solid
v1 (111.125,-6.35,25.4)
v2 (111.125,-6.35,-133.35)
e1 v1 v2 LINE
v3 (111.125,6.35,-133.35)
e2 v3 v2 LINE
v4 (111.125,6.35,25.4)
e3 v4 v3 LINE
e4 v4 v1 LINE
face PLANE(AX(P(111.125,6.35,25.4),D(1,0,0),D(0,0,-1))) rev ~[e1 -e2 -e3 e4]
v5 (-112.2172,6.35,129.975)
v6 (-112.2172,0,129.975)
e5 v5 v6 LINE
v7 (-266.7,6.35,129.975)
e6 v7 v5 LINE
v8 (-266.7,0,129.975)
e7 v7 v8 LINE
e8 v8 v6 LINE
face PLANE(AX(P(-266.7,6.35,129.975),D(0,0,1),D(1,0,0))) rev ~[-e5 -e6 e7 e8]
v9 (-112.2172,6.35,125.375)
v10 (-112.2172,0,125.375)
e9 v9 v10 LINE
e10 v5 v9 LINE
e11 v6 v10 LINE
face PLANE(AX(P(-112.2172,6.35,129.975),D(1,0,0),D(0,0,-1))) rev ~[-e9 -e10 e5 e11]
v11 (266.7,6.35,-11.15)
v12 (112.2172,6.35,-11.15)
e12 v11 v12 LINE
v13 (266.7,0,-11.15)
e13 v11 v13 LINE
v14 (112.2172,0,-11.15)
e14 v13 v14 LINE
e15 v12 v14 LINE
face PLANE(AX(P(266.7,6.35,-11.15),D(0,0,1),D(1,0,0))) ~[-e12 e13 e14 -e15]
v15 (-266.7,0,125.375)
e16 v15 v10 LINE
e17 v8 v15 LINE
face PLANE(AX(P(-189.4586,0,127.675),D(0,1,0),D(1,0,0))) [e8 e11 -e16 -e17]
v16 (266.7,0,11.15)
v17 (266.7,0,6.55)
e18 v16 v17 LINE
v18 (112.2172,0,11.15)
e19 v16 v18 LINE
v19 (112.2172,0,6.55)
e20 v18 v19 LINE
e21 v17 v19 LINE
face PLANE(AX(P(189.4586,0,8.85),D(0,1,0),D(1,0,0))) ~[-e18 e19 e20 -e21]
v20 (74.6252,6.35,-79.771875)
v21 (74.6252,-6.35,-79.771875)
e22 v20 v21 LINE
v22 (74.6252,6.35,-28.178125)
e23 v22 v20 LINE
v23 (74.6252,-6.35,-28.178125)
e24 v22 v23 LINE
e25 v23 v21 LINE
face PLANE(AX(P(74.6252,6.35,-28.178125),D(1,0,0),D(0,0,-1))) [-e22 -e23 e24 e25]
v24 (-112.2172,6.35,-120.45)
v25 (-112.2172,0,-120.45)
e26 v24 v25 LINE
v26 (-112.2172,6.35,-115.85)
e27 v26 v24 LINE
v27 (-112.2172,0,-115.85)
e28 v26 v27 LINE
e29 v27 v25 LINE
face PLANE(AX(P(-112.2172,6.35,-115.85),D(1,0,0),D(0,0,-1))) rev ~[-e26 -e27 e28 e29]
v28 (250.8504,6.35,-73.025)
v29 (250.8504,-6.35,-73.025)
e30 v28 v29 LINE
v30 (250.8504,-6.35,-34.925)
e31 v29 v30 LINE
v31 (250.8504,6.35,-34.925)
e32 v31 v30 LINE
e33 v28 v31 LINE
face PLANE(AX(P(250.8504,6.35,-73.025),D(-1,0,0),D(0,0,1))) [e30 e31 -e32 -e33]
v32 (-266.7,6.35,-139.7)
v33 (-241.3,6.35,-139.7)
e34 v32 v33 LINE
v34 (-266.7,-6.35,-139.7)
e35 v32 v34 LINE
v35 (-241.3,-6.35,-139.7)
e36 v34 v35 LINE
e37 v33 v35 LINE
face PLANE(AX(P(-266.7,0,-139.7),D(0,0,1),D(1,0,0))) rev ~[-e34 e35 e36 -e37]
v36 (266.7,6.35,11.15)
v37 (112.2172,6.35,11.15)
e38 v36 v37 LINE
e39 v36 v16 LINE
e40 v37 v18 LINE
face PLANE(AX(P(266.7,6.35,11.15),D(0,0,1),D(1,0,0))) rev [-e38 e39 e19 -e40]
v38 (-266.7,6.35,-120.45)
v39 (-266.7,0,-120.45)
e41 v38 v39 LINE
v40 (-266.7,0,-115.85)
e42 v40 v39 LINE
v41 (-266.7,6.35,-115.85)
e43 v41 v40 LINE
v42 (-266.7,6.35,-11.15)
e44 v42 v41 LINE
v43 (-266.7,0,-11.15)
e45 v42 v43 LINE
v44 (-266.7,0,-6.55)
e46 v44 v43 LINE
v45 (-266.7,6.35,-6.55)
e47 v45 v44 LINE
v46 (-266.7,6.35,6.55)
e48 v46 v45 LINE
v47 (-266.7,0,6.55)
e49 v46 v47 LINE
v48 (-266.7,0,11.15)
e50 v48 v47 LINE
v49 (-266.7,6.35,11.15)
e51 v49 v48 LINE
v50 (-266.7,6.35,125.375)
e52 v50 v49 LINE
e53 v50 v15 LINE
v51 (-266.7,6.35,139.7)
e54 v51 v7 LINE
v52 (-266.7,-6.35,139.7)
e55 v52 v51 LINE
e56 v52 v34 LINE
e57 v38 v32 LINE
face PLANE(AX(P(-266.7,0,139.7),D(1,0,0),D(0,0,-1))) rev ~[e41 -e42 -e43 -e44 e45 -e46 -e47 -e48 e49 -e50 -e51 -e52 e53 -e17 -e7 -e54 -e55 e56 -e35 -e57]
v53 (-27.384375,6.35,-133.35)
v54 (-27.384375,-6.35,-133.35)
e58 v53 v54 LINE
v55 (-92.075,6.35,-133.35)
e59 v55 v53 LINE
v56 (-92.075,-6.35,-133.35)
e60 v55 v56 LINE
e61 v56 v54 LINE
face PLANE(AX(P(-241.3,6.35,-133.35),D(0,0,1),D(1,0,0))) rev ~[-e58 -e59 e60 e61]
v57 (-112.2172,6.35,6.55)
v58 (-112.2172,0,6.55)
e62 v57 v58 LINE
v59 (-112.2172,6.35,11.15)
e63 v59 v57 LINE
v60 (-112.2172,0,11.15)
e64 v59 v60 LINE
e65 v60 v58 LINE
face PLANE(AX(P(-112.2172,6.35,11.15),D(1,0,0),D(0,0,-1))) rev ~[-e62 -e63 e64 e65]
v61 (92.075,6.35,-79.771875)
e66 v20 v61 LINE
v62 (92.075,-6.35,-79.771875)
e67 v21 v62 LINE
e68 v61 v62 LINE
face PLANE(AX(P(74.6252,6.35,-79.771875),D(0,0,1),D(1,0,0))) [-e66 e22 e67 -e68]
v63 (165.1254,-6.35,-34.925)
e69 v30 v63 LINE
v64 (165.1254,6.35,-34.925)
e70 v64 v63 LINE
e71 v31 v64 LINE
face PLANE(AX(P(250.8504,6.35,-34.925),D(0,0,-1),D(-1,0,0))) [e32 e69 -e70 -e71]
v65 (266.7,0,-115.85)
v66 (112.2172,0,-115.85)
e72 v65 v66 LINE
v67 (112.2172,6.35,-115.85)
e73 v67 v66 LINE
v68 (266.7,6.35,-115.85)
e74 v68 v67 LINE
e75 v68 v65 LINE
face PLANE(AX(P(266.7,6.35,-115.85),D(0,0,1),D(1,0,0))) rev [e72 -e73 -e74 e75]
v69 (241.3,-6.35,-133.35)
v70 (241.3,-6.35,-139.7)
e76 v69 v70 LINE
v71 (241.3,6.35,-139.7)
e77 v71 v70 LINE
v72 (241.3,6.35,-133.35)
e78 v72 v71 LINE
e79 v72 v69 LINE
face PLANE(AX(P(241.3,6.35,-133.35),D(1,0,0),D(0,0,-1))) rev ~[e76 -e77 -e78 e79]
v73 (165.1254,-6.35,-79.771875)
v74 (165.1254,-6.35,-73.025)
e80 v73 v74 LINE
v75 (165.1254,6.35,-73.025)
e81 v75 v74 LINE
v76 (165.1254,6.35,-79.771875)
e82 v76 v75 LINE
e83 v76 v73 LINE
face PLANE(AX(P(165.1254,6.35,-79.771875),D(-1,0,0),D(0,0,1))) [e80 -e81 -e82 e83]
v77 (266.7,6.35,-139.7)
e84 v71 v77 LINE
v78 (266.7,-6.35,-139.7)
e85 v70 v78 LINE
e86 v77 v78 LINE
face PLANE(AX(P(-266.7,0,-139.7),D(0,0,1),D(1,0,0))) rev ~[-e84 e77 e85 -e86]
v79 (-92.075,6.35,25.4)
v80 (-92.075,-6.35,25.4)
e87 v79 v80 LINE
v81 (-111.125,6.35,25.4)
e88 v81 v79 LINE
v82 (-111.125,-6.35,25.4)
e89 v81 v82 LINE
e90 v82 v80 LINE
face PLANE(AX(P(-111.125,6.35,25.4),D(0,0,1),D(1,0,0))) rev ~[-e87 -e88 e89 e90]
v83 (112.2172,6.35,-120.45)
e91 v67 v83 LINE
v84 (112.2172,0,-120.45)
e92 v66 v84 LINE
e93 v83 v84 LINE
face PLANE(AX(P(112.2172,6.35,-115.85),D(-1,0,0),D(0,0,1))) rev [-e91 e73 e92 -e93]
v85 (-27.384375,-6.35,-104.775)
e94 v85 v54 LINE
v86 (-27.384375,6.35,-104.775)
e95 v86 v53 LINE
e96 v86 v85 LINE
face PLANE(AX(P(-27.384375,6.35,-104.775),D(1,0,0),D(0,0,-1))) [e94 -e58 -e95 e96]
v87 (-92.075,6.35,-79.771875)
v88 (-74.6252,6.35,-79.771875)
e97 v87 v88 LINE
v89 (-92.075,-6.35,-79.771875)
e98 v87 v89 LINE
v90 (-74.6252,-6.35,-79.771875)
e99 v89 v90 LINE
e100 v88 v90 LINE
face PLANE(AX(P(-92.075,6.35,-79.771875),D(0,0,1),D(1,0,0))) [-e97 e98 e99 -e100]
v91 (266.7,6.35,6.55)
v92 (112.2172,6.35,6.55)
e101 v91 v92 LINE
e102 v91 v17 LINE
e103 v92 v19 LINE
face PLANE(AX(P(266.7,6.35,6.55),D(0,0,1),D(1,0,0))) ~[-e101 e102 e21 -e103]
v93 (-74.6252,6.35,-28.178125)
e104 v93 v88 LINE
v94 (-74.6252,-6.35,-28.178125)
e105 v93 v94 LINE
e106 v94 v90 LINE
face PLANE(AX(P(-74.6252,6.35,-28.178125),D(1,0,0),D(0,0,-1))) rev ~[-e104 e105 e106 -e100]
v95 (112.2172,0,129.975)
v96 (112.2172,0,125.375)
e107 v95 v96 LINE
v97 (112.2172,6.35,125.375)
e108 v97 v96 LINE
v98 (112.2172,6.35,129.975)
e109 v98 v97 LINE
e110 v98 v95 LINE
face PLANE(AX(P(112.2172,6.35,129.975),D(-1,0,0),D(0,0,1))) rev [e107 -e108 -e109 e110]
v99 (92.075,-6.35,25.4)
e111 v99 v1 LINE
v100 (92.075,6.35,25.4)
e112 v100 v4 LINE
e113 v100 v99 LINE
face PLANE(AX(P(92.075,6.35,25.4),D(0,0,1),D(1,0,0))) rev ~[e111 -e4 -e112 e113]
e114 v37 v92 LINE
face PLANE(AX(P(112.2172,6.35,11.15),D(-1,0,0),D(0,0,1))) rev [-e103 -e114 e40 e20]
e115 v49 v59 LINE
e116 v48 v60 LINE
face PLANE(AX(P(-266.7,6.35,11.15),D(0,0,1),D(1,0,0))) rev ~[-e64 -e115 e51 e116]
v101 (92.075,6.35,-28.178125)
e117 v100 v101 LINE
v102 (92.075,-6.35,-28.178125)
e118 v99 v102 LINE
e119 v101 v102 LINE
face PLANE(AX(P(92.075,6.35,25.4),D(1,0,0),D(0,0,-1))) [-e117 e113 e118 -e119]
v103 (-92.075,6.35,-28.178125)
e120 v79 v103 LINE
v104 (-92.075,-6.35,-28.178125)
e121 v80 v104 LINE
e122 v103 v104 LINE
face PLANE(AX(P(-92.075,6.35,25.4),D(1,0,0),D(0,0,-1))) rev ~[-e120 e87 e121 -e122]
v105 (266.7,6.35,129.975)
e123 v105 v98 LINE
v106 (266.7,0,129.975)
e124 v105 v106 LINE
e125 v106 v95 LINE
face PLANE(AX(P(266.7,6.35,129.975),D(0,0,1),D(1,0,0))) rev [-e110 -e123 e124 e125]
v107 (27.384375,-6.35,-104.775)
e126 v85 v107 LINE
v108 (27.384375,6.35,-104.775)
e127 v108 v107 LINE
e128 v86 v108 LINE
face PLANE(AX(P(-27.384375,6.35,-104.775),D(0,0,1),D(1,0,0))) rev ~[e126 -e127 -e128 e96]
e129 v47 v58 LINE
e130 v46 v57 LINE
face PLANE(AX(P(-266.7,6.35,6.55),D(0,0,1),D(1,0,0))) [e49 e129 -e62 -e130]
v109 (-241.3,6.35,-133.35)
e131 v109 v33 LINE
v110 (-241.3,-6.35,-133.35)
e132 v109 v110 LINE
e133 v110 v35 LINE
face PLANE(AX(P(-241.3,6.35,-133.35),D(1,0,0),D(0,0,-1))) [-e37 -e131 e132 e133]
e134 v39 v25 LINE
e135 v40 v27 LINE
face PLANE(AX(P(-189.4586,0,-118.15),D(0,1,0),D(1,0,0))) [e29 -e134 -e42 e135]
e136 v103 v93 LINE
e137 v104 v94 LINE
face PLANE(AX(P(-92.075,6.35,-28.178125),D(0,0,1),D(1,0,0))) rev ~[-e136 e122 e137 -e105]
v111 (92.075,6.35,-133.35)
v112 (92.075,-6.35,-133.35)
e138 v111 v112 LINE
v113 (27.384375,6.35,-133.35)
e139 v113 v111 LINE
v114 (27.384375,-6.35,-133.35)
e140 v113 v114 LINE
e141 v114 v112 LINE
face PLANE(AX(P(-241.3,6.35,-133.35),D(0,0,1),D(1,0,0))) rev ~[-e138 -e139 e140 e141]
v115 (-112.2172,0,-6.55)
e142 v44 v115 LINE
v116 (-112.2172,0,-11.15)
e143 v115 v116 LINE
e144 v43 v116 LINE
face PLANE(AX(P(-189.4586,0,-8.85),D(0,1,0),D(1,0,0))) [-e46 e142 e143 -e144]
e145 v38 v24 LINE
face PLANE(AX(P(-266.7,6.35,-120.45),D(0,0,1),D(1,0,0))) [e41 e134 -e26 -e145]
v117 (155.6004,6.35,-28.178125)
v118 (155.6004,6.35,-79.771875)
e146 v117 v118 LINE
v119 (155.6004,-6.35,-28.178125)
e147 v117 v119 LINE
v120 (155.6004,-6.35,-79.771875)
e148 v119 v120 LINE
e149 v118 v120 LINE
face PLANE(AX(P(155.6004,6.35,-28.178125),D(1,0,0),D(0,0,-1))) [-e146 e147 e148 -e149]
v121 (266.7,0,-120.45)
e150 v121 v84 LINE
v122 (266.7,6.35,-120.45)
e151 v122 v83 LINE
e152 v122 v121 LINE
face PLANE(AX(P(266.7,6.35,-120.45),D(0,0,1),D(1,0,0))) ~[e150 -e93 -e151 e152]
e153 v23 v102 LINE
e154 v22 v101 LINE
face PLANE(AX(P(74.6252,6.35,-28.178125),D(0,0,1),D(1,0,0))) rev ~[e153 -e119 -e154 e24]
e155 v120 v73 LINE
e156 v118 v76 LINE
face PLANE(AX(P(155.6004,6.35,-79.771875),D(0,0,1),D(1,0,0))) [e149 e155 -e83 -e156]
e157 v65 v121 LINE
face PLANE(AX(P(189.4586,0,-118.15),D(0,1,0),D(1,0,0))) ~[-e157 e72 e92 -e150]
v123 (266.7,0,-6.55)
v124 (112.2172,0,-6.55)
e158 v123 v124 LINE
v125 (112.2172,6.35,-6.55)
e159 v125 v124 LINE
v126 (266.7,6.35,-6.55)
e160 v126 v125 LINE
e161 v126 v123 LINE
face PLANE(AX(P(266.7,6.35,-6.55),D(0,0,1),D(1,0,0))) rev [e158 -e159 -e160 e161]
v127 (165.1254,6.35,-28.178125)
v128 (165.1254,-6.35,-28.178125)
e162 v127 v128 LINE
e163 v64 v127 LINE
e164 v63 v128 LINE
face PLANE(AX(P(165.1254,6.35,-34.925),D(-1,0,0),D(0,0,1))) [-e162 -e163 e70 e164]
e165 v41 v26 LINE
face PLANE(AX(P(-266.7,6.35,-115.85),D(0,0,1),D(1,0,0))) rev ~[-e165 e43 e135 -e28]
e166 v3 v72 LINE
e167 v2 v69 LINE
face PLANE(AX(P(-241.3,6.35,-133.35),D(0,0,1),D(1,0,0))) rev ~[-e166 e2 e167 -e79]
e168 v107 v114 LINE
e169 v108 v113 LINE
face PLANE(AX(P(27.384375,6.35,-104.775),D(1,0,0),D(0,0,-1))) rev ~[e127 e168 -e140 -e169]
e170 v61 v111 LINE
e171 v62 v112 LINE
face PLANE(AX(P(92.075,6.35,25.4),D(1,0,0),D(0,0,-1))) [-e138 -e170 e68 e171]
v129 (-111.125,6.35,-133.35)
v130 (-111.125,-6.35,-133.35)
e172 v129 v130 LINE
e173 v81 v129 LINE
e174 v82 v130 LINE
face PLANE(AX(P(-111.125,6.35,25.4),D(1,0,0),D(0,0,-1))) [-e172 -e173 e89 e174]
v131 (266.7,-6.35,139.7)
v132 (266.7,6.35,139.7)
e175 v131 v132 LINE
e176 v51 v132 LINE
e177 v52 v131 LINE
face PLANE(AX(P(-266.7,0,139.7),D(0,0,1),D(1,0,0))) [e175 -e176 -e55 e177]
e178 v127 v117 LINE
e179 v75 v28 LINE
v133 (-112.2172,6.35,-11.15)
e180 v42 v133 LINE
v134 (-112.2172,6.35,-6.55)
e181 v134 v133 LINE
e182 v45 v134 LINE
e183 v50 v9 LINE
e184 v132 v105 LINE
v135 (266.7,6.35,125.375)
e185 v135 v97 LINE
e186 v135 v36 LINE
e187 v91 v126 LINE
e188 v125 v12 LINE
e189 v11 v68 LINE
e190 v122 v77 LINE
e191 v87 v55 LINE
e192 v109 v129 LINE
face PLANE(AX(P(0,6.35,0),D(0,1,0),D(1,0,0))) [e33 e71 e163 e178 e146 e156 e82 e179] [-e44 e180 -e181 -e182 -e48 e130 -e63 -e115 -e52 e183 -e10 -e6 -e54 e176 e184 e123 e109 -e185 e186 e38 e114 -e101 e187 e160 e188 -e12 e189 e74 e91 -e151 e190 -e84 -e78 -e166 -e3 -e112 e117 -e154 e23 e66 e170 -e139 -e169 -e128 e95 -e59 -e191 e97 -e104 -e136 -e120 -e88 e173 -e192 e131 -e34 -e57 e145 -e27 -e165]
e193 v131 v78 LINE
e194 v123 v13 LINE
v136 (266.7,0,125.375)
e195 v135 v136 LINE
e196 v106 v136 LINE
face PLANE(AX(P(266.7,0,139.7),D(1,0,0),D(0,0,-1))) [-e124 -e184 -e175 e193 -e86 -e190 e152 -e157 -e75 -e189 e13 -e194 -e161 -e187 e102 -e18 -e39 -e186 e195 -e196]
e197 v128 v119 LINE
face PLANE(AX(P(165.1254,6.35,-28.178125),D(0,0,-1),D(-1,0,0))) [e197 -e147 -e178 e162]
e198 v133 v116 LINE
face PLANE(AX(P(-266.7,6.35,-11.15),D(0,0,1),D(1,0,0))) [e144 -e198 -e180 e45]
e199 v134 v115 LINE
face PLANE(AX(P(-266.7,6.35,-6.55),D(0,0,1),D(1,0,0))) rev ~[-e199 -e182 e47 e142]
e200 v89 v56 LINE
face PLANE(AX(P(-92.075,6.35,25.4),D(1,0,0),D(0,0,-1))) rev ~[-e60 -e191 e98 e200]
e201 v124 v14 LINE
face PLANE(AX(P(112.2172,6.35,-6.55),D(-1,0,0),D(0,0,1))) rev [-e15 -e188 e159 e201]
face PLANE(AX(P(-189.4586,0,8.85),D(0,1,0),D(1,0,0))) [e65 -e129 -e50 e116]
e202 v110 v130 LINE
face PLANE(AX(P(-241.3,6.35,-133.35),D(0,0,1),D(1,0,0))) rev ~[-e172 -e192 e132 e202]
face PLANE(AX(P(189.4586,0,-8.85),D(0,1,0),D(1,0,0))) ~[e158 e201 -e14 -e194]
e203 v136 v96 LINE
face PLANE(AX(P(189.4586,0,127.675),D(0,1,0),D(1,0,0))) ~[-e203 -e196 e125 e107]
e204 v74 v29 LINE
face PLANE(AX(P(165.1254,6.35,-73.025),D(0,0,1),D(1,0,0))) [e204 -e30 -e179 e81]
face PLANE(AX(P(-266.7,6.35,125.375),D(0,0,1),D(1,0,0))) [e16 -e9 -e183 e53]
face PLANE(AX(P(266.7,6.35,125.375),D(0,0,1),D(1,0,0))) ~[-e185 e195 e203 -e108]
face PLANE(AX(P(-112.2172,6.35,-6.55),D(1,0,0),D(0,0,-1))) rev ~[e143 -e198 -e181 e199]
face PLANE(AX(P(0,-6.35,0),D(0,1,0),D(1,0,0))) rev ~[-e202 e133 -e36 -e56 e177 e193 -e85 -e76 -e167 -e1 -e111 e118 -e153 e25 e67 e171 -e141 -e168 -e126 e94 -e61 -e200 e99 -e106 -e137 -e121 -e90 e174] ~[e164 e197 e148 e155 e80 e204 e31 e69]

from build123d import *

# Parameters (mm, degrees)
SKETCH1_W           = 533.4
SKETCH1_H           = 279.4
BOSS_EXTRUDE1_DEPTH = 6.35
SKETCH2_W           = 482.6
SKETCH2_H           = 6.35
CUT_EXTRUDE1_DEPTH  = 302.34078715
SKETCH3_W           = 19.05
SKETCH3_H           = 158.75
CUT_EXTRUDE2_DEPTH  = 302.34078715
SKETCH4_W           = 17.4498
SKETCH4_H           = 51.59375
CUT_EXTRUDE3_DEPTH  = 302.34078715
SKETCH5_W           = 54.76875
SKETCH5_H           = 28.575
CUT_EXTRUDE4_DEPTH  = 302.34078715
SKETCH6_W           = 154.4828
SKETCH6_H           = 4.6
CUT_EXTRUDE5_DEPTH  = 6.35


with BuildPart() as part:
    # Sketch1 → Boss-Extrude1 (new, symmetric)
    with BuildSketch(Plane(origin=(0, 0, 0), x_dir=(1, 0, 0), z_dir=(0, 1, 0))):
        Rectangle(SKETCH1_W, SKETCH1_H)
    extrude(amount=BOSS_EXTRUDE1_DEPTH, both=True)

    # Sketch2 → Cut-Extrude1 (cut, through all)
    with BuildSketch(Plane(origin=(0, 6.35, 0), x_dir=(1, 0, 0), z_dir=(0, 1, 0))):
        with Locations((0, 136.525)):
            Rectangle(SKETCH2_W, SKETCH2_H)
    extrude(amount=-CUT_EXTRUDE1_DEPTH, mode=Mode.SUBTRACT)

    # Sketch3 → Cut-Extrude2 (cut, through all)
    with BuildSketch(Plane(origin=(0, 6.35, 0), x_dir=(1, 0, 0), z_dir=(0, 1, 0))):
        with Locations((-101.6, 53.975)):
            Rectangle(SKETCH3_W, SKETCH3_H)
        with Locations((101.6, 53.975)):
            Rectangle(SKETCH3_W, SKETCH3_H)
    extrude(amount=-CUT_EXTRUDE2_DEPTH, mode=Mode.SUBTRACT)

    # Sketch4 → Cut-Extrude3 (cut, through all)
    with BuildSketch(Plane(origin=(0, 6.35, 0), x_dir=(1, 0, 0), z_dir=(0, 1, 0))):
        Polygon((165.1254, 73.025), (250.8504, 73.025), (250.8504, 34.925), (165.1254, 34.925), (165.1254, 28.178125), (155.6004, 28.178125), (155.6004, 79.771875), (165.1254, 79.771875), align=None)
        with Locations((-83.3501, 53.975)):
            Rectangle(SKETCH4_W, SKETCH4_H)
        with Locations((83.3501, 53.975)):
            Rectangle(SKETCH4_W, SKETCH4_H)
    extrude(amount=-CUT_EXTRUDE3_DEPTH, mode=Mode.SUBTRACT)

    # Sketch5 → Cut-Extrude4 (cut, through all)
    with BuildSketch(Plane(origin=(0, 6.35, 0), x_dir=(1, 0, 0), z_dir=(0, 1, 0))):
        with Locations((0, 119.0625)):
            Rectangle(SKETCH5_W, SKETCH5_H)
    extrude(amount=-CUT_EXTRUDE4_DEPTH, mode=Mode.SUBTRACT)

    # Sketch6 → Cut-Extrude5 (cut)
    with BuildSketch(Plane(origin=(0, 6.35, 0), x_dir=(1, 0, 0), z_dir=(0, 1, 0))):
        with Locations((-189.4586, -127.675)):
            Rectangle(SKETCH6_W, SKETCH6_H)
        with Locations((-189.4586, 8.85)):
            Rectangle(SKETCH6_W, SKETCH6_H)
        with Locations((-189.4586, 118.15)):
            Rectangle(SKETCH6_W, SKETCH6_H)
        with Locations((-189.4586, -8.85)):
            Rectangle(SKETCH6_W, SKETCH6_H)
    cut_extrude5 = extrude(amount=-CUT_EXTRUDE5_DEPTH, mode=Mode.SUBTRACT)

    # Mirror1: Cut-Extrude5 across plane
    add(cut_extrude5.mirror(Plane(origin=(0, 0, 0), x_dir=(0, 0, 1), z_dir=(1, 0, 0))), mode=Mode.SUBTRACT)


solid = part.part
